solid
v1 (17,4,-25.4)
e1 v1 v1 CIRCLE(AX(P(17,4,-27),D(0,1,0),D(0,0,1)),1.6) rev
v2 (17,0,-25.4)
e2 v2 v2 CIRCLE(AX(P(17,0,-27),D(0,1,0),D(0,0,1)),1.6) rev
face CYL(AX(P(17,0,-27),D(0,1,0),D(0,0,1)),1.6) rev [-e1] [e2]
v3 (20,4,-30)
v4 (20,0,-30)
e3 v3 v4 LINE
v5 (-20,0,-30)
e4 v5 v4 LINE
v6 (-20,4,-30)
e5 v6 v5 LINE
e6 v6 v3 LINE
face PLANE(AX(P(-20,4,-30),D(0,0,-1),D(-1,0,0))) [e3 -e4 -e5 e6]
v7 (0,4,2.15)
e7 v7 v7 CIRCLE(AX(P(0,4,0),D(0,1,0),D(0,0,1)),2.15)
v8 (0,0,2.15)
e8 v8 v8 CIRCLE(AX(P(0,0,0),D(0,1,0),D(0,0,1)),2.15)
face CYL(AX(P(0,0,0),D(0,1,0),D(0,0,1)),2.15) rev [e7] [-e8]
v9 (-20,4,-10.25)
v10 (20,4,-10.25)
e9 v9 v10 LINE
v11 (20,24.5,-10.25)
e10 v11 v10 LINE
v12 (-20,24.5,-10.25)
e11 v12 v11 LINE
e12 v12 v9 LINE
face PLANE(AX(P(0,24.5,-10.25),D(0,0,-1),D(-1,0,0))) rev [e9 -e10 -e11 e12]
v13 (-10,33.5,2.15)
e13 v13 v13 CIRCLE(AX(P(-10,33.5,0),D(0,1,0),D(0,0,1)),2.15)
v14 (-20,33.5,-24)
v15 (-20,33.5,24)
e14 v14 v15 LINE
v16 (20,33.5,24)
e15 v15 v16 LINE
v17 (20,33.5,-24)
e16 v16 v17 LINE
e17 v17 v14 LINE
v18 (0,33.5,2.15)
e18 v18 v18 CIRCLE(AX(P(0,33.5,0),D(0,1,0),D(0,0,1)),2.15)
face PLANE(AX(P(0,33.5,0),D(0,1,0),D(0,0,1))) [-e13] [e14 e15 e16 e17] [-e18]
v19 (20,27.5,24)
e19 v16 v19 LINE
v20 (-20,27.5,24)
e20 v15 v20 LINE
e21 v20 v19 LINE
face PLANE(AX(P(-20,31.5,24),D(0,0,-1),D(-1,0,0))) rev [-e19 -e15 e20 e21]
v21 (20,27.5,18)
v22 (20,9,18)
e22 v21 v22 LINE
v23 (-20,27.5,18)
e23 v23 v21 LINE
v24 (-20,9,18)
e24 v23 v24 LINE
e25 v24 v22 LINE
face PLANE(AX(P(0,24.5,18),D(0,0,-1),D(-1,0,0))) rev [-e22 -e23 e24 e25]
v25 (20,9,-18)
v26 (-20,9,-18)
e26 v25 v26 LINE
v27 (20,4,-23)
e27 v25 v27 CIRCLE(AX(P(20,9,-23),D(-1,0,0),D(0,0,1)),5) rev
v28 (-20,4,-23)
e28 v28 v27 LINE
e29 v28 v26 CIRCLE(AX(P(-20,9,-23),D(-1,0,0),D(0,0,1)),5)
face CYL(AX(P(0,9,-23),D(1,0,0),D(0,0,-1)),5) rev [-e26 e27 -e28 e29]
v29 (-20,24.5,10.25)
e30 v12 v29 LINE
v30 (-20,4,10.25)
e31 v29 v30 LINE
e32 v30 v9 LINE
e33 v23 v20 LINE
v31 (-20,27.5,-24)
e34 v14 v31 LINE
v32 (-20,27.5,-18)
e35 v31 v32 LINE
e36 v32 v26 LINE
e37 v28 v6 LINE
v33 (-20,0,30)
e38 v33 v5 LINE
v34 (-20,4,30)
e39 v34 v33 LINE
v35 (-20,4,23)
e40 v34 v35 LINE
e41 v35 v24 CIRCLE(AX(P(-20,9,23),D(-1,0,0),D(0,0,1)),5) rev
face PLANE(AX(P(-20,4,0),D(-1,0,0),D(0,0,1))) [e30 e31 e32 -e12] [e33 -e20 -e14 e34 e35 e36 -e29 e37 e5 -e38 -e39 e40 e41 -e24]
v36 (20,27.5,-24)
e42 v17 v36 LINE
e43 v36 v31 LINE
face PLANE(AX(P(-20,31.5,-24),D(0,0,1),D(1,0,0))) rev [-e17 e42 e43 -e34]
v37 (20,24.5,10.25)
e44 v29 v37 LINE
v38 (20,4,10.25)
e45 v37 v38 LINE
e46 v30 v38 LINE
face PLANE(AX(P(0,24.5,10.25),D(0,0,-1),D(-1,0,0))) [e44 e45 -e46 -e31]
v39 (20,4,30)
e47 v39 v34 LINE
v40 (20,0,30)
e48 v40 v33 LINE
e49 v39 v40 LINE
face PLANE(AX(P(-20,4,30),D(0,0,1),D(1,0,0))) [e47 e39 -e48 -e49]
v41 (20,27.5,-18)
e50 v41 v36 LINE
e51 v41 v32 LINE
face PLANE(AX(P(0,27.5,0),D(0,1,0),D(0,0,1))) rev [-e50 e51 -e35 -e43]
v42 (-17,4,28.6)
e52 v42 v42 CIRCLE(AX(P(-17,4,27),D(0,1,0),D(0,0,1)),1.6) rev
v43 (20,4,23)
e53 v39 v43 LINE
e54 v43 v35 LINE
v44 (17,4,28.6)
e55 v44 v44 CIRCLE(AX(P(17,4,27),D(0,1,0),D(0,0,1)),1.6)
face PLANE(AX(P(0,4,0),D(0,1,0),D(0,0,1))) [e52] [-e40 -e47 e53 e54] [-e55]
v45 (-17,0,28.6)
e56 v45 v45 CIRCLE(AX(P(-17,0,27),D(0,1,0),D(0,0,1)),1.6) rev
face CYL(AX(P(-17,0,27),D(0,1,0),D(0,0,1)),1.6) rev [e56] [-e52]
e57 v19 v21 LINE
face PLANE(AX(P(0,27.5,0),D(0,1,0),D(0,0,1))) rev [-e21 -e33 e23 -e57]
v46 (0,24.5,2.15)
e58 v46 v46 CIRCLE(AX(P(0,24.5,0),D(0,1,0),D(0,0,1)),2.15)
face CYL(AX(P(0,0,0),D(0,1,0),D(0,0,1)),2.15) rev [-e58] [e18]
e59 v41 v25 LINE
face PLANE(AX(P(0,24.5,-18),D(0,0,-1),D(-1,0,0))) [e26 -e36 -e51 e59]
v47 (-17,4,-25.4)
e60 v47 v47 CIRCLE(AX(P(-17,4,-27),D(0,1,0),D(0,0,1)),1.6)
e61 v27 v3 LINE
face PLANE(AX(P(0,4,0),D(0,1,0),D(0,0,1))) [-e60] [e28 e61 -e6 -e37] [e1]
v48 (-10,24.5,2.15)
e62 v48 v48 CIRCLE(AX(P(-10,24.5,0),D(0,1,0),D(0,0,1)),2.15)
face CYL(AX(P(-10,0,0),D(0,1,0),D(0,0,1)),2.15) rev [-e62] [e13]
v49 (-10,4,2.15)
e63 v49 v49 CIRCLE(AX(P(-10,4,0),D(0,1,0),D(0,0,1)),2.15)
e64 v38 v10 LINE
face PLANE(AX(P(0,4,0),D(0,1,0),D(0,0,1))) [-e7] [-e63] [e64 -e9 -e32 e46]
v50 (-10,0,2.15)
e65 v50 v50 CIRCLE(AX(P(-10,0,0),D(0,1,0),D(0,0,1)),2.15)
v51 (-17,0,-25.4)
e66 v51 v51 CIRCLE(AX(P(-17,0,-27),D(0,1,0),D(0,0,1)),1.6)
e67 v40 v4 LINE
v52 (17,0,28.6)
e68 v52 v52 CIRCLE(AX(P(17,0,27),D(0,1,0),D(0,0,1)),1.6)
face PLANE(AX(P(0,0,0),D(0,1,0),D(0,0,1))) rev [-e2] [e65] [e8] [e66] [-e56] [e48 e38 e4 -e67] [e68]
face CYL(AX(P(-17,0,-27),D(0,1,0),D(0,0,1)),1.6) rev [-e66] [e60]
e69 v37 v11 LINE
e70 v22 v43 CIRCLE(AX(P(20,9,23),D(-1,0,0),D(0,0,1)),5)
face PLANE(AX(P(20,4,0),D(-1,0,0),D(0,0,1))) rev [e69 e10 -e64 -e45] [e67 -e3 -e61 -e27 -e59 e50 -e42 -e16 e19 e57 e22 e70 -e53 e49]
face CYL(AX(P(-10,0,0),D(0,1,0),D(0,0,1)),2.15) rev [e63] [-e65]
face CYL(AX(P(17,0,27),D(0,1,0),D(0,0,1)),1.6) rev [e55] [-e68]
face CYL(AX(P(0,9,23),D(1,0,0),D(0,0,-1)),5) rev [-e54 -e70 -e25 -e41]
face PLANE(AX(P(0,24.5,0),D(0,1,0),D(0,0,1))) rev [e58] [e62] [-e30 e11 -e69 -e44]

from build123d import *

# Parameters (mm, degrees)
SKETCH_1_W          = 40
SKETCH_1_H          = 48
SKETCH_1_R          = 1.75
EXTRUDE_1_DEPTH     = 4
SKETCH_2_W          = 40
SKETCH_2_H          = 7.75
EXTRUDE_5_DEPTH     = 20.5
SKETCH_4_W          = 40
SKETCH_4_H          = 36
EXTRUDE_6_DEPTH     = 3
FILLET_4_R          = 5
FILLET_11_R         = 5
SKETCH_8_W          = 40
SKETCH_8_H          = 48
EXTRUDE_8_DEPTH     = 4
SKETCH_9_W          = 40
SKETCH_9_H          = 60
EXTRUDE_9_DEPTH     = 4
SKETCH_10_R         = 1.6
CUT_EXTRUDE_1_DEPTH = 46.345892868
SKETCH_12_W         = 40
SKETCH_12_H         = 48
EXTRUDE_11_DEPTH    = 2
SKETCH_13_R         = 2.15
CUT_EXTRUDE_2_DEPTH = 50.216359069


with BuildPart() as part:
    # 草图1 → 凸台-拉伸1 (new body)
    with BuildSketch(Plane(origin=(0, 0, 0), x_dir=(1, 0, 0), z_dir=(0, 1, 0))):
        Rectangle(SKETCH_1_W, SKETCH_1_H)
        with Locations(Location((11.45, 14, 0), (0, 0, 270))):
            Circle(SKETCH_1_R, mode=Mode.SUBTRACT)
        with Locations(Location((-11.45, 14, 0), (0, 0, 270))):
            Circle(SKETCH_1_R, mode=Mode.SUBTRACT)
        with Locations(Location((-11.45, -14, 0), (0, 0, 270))):
            Circle(SKETCH_1_R, mode=Mode.SUBTRACT)
        with Locations(Location((11.45, -14, 0), (0, 0, 270))):
            Circle(SKETCH_1_R, mode=Mode.SUBTRACT)
        with BuildLine():
            Line((-2.45, -15.5), (-2.45, 15.5))
            ThreePointArc((-2.45, 15.5), (0, 17.95), (2.45, 15.5))
            Line((2.45, 15.5), (2.45, -15.5))
            ThreePointArc((2.45, -15.5), (0, -17.95), (-2.45, -15.5))
        make_face(mode=Mode.SUBTRACT)
    extrude(amount=EXTRUDE_1_DEPTH)

    # 草图2 → 凸台-拉伸5 (add)
    with BuildSketch(Plane(origin=(0, 4, 0), x_dir=(1, 0, 0), z_dir=(0, 1, 0))):
        with Locations((0, -14.125)):
            Rectangle(SKETCH_2_W, SKETCH_2_H)
        with Locations((0, 14.125)):
            Rectangle(SKETCH_2_W, SKETCH_2_H)
    extrude(amount=EXTRUDE_5_DEPTH)

    # 草图4 → 凸台-拉伸6 (add)
    with BuildSketch(Plane(origin=(0, 24.5, 0), x_dir=(1, 0, 0), z_dir=(0, 1, 0))):
        Rectangle(SKETCH_4_W, SKETCH_4_H)
    extrude(amount=EXTRUDE_6_DEPTH)

    # 圆角4
    fillet_4_edges = [part.edges().sort_by_distance(p)[0] for p in [
        (0, 4, -18),
    ]]
    fillet(fillet_4_edges, radius=FILLET_4_R)

    # 圆角11
    fillet_11_edges = [part.edges().sort_by_distance(p)[0] for p in [
        (0, 4, 18),
    ]]
    fillet(fillet_11_edges, radius=FILLET_11_R)

    # 草图8 → 凸台-拉伸8 (add)
    with BuildSketch(Plane(origin=(0, 27.5, 0), x_dir=(1, 0, 0), z_dir=(0, 1, 0))):
        Rectangle(SKETCH_8_W, SKETCH_8_H)
    extrude(amount=EXTRUDE_8_DEPTH)

    # 草图9 → 凸台-拉伸9 (add)
    with BuildSketch(Plane.XZ):
        Rectangle(SKETCH_9_W, SKETCH_9_H)
    extrude(amount=-EXTRUDE_9_DEPTH)

    # 草图10 → 切除-拉伸1 (cut, through all)
    with BuildSketch(Plane(origin=(0, 4, 0), x_dir=(1, 0, 0), z_dir=(0, 1, 0))):
        with Locations(Location((17, 27, 0), (0, 0, 270))):
            Circle(SKETCH_10_R)
        with Locations(Location((-17, -27, 0), (0, 0, 270))):
            Circle(SKETCH_10_R)
        with Locations(Location((17, -27, 0), (0, 0, 270))):
            Circle(SKETCH_10_R)
        with Locations(Location((-17, 27, 0), (0, 0, 270))):
            Circle(SKETCH_10_R)
    extrude(amount=-CUT_EXTRUDE_1_DEPTH, mode=Mode.SUBTRACT)

    # 草图12 → 凸台-拉伸11 (add)
    with BuildSketch(Plane(origin=(0, 31.5, 0), x_dir=(1, 0, 0), z_dir=(0, 1, 0))):
        Rectangle(SKETCH_12_W, SKETCH_12_H)
    extrude(amount=EXTRUDE_11_DEPTH)

    # 草图13 → 切除-拉伸2 (cut, through all)
    with BuildSketch(Plane(origin=(0, 33.5, 0), x_dir=(1, 0, 0), z_dir=(0, 1, 0))):
        with Locations(Location((-10, 0, 0), (0, 0, 270))):
            Circle(SKETCH_13_R)
        with Locations(Location((0, 0, 0), (0, 0, 270))):
            Circle(SKETCH_13_R)
    extrude(amount=-CUT_EXTRUDE_2_DEPTH, mode=Mode.SUBTRACT)


solid = part.part
